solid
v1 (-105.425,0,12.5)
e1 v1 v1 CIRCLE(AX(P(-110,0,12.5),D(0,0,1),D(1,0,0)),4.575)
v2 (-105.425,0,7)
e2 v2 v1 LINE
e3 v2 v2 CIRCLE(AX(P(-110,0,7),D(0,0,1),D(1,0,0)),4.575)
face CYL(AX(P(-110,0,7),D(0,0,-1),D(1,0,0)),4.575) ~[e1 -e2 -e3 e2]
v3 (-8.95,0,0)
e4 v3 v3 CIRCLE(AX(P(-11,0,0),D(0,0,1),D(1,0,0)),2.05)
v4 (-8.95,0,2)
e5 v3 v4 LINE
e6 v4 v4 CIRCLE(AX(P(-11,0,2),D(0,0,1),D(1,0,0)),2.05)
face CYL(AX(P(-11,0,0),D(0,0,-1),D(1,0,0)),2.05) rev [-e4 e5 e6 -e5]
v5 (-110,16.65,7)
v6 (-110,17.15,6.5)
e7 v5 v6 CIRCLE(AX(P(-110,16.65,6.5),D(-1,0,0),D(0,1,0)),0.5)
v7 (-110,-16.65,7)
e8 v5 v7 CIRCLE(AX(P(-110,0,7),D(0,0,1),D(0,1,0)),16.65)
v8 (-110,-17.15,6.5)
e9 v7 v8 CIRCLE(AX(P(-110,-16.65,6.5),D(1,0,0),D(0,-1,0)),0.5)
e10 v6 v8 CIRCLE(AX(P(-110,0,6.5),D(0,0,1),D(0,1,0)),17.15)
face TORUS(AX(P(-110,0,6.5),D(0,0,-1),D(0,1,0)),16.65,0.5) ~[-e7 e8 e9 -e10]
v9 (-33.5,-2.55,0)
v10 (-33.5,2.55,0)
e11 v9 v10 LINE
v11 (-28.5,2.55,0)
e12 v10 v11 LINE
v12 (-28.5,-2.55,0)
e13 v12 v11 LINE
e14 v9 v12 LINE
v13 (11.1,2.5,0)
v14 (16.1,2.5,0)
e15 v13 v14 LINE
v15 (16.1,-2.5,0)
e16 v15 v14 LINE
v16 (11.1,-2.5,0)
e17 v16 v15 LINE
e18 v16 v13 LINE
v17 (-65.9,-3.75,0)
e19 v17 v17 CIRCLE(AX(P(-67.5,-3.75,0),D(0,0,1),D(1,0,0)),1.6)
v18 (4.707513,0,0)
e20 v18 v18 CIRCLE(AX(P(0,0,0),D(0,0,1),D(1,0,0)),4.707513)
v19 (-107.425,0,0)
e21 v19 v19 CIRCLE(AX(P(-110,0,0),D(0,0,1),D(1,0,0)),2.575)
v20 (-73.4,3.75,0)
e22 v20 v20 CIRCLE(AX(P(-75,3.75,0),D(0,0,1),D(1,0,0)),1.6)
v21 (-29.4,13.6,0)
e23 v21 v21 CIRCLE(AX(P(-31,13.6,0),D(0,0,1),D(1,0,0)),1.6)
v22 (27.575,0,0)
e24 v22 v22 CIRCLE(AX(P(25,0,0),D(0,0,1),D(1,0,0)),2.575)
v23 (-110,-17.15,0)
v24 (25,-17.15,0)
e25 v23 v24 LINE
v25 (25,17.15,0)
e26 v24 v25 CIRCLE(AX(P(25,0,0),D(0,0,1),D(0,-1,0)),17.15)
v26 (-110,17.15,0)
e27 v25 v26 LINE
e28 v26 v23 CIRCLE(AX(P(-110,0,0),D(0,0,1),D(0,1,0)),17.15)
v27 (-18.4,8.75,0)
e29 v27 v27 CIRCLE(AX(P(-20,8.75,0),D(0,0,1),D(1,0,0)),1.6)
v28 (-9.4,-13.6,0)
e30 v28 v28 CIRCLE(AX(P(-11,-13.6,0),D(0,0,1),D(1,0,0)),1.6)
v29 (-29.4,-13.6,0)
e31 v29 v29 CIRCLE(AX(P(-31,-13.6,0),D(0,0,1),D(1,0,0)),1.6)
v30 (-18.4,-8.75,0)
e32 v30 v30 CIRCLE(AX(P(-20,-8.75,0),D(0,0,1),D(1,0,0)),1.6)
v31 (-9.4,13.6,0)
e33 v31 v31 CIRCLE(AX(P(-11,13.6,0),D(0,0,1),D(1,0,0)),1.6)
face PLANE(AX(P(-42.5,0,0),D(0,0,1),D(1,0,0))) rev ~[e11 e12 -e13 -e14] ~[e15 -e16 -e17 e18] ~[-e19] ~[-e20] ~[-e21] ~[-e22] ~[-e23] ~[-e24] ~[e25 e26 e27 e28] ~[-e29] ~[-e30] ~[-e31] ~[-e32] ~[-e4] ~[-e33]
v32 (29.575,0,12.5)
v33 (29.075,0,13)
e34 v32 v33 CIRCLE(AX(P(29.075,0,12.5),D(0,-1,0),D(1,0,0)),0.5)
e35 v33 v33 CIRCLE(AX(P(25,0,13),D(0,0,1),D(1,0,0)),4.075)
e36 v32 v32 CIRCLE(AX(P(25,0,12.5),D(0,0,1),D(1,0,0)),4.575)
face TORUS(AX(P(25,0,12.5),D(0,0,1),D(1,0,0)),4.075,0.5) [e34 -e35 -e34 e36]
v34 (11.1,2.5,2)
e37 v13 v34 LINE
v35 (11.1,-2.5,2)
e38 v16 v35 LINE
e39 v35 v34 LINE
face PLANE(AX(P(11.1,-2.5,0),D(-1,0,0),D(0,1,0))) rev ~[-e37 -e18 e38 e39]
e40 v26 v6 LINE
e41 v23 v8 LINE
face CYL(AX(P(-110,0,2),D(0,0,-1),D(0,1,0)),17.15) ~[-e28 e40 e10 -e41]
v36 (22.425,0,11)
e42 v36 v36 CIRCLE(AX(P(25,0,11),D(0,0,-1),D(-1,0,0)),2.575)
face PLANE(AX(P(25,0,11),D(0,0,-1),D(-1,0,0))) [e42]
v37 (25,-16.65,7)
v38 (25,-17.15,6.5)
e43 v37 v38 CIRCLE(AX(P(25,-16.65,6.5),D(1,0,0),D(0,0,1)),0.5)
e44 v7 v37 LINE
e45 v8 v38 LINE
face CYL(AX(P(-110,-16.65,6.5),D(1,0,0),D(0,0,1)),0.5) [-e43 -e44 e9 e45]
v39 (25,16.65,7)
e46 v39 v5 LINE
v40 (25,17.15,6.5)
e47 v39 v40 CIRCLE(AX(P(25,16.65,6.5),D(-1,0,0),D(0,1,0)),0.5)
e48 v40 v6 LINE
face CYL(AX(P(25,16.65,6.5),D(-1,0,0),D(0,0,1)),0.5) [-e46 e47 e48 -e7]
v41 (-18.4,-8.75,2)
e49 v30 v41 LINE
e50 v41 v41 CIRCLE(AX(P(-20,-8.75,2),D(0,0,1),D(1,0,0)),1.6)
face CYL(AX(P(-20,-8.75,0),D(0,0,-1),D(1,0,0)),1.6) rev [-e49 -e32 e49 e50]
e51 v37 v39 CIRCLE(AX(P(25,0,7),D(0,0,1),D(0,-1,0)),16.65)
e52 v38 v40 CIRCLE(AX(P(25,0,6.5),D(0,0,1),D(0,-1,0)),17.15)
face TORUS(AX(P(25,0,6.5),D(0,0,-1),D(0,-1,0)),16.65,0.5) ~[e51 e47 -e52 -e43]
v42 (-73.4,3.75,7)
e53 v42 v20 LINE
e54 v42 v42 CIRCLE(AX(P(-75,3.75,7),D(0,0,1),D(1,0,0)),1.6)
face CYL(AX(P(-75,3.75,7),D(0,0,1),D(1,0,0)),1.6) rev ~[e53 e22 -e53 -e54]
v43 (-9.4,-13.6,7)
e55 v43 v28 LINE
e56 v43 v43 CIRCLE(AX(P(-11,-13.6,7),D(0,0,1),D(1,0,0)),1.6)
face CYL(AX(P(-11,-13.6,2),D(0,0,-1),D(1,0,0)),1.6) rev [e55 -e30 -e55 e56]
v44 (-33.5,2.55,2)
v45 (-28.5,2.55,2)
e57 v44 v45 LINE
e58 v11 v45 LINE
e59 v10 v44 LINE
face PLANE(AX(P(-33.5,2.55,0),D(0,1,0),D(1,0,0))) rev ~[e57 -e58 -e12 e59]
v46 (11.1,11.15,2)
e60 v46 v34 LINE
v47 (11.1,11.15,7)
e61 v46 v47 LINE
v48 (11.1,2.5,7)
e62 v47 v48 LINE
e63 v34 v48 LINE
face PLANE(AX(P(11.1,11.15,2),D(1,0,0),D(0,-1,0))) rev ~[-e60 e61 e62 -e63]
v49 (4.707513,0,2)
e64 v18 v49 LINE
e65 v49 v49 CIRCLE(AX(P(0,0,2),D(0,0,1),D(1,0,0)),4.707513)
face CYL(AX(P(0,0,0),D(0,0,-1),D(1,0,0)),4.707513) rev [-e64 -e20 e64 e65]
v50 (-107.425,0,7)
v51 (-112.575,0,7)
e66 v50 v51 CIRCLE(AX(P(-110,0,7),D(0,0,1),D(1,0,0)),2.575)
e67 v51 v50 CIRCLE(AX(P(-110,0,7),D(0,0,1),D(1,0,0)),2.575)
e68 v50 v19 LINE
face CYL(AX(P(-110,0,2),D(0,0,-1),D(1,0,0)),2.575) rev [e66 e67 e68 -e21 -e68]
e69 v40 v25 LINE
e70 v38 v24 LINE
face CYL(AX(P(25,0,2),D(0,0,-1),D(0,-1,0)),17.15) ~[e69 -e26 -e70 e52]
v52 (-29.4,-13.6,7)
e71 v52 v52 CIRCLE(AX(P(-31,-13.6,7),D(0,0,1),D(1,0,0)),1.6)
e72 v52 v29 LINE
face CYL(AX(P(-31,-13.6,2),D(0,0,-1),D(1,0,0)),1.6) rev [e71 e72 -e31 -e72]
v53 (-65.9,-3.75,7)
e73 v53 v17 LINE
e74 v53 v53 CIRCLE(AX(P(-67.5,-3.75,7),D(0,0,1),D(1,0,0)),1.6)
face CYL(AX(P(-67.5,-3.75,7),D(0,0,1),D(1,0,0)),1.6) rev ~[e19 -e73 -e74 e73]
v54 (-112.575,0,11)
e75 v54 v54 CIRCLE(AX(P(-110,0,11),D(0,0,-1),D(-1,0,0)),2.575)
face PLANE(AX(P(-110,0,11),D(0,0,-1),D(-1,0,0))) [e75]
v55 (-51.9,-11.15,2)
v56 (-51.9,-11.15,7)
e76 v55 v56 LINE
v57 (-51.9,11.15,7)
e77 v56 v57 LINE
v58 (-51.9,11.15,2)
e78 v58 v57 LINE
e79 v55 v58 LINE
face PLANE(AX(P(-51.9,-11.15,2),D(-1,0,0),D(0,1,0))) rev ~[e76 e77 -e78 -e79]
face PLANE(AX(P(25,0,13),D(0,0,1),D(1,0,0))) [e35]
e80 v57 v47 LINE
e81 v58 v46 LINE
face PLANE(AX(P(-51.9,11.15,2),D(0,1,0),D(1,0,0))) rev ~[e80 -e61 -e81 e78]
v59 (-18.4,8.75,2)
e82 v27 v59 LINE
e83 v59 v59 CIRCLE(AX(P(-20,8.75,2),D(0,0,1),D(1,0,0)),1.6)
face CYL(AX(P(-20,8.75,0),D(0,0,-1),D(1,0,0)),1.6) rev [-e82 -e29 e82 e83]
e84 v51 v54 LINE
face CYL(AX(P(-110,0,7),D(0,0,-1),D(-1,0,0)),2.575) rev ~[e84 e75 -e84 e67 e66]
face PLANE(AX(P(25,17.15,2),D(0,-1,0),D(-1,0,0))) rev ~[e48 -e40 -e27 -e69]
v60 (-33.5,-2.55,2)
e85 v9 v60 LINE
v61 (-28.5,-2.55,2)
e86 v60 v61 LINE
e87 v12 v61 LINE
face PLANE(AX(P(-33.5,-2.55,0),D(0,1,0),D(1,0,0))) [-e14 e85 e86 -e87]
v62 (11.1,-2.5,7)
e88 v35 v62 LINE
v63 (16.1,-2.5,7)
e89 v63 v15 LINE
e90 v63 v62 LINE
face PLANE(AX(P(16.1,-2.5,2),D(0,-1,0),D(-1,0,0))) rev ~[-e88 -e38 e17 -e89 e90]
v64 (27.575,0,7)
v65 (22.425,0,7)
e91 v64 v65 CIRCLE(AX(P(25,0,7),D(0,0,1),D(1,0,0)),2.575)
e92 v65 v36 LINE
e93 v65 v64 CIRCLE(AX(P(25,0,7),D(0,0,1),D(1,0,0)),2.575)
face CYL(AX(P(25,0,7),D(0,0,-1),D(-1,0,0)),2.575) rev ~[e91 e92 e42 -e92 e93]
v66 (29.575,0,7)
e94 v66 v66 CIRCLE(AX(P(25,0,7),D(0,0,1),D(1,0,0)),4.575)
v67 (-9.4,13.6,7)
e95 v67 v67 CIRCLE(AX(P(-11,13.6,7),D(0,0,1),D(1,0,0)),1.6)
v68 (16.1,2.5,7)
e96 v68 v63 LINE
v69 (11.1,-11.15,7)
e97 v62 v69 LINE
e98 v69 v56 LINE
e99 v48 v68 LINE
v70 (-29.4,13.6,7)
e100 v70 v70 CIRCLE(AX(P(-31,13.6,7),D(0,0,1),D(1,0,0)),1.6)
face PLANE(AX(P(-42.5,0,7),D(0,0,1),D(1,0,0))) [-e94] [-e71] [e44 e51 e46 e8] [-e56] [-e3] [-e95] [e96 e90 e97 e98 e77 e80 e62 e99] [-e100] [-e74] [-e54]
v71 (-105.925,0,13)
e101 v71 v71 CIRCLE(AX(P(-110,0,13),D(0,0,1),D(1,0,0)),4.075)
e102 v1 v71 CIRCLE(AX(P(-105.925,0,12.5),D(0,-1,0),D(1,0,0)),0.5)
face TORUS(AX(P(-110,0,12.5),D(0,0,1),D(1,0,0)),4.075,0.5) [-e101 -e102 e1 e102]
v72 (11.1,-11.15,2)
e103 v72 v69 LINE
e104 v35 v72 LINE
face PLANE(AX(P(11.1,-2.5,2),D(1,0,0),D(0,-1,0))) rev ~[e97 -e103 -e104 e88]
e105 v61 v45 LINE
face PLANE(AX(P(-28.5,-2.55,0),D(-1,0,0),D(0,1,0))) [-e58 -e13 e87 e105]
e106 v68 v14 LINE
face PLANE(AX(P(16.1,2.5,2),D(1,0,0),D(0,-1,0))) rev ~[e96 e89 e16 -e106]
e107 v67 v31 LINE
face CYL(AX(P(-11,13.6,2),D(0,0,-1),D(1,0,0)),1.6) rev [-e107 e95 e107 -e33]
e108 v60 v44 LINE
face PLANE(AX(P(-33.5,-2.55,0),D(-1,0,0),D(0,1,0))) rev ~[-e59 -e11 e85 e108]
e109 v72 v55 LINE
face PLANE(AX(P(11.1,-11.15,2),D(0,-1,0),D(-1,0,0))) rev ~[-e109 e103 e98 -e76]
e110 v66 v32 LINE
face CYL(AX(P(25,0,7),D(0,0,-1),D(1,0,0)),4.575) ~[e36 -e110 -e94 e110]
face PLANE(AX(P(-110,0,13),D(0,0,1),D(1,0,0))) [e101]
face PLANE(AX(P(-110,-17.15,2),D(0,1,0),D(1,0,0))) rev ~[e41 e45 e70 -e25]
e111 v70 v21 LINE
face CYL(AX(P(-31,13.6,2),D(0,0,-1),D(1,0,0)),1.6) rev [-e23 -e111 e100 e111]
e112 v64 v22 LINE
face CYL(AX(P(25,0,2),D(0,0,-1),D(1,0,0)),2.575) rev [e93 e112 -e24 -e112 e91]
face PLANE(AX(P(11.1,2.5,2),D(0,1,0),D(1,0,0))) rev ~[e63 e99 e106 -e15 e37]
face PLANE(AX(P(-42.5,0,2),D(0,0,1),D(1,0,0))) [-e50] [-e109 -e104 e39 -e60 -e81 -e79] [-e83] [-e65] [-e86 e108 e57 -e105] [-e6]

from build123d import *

# Parameters (mm, degrees)
SKETCH6_R              = 1.6
SKETCH6_R_2            = 2.575
SKETCH6_W              = 5
SKETCH6_H              = 5
SKETCH6_H_2            = 5.1
SKETCH6_R_3            = 2.05
SKETCH6_R_4            = 4.707512696
BOSS_EXTRUDE4_DEPTH    = 2
SKETCH7_R              = 1.6
SKETCH7_R_2            = 2.575
BOSS_EXTRUDE5_DEPTH    = 5
SKETCH8_R              = 1.6
MIDSECTION_HOLES_DEPTH = 8
SKETCH12_R             = 4.575
BOSS_EXTRUDE6_DEPTH    = 6
SKETCH13_R             = 2.575
CUT_EXTRUDE4_DEPTH     = 4
FILLET1_R              = 0.5


with BuildPart() as part:
    # Sketch6 → Boss-Extrude4 (new body)
    with BuildSketch(Plane.XY):
        with BuildLine():
            Line((25, 17.15), (-110, 17.15))
            ThreePointArc((-110, 17.15), (-127.15, 0), (-110, -17.15))
            Line((-110, -17.15), (25, -17.15))
            ThreePointArc((25, -17.15), (42.15, 0), (25, 17.15))
        make_face()
        with Locations((-31, -13.6)):
            Circle(SKETCH6_R, mode=Mode.SUBTRACT)
        with Locations((-11, -13.6)):
            Circle(SKETCH6_R, mode=Mode.SUBTRACT)
        with Locations((-110, 0)):
            Circle(SKETCH6_R_2, mode=Mode.SUBTRACT)
        with Locations((13.6, 0)):
            Rectangle(SKETCH6_W, SKETCH6_H, mode=Mode.SUBTRACT)
        with Locations((25, 0)):
            Circle(SKETCH6_R_2, mode=Mode.SUBTRACT)
        with Locations((-31, 13.6)):
            Circle(SKETCH6_R, mode=Mode.SUBTRACT)
        with Locations((-11, 13.6)):
            Circle(SKETCH6_R, mode=Mode.SUBTRACT)
        with Locations((-31, 0)):
            Rectangle(SKETCH6_W, SKETCH6_H_2, mode=Mode.SUBTRACT)
        with Locations((-11, 0)):
            Circle(SKETCH6_R_3, mode=Mode.SUBTRACT)
        Circle(SKETCH6_R_4, mode=Mode.SUBTRACT)
        with Locations((-20, 8.75)):
            Circle(SKETCH6_R, mode=Mode.SUBTRACT)
        with Locations((-20, -8.75)):
            Circle(SKETCH6_R, mode=Mode.SUBTRACT)
    extrude(amount=BOSS_EXTRUDE4_DEPTH)

    # Sketch7 → Boss-Extrude5 (add)
    with BuildSketch(Plane.XY.offset(2)):
        with BuildLine():
            Line((25, 17.15), (-110, 17.15))
            ThreePointArc((-110, 17.15), (-127.15, 0), (-110, -17.15))
            Line((-110, -17.15), (25, -17.15))
            ThreePointArc((25, -17.15), (42.15, 0), (25, 17.15))
        make_face()
        with Locations((-31, -13.6)):
            Circle(SKETCH7_R, mode=Mode.SUBTRACT)
        with Locations((-11, -13.6)):
            Circle(SKETCH7_R, mode=Mode.SUBTRACT)
        with Locations((-110, 0)):
            Circle(SKETCH7_R_2, mode=Mode.SUBTRACT)
        Polygon((-51.9, -11.15), (-51.9, 11.15), (11.1, 11.15), (11.1, 2.5), (16.1, 2.5), (16.1, -2.5), (11.1, -2.5), (11.1, -11.15), align=None, mode=Mode.SUBTRACT)
        with Locations((25, 0)):
            Circle(SKETCH7_R_2, mode=Mode.SUBTRACT)
        with Locations((-31, 13.6)):
            Circle(SKETCH7_R, mode=Mode.SUBTRACT)
        with Locations((-11, 13.6)):
            Circle(SKETCH7_R, mode=Mode.SUBTRACT)
    extrude(amount=BOSS_EXTRUDE5_DEPTH)

    # Sketch8 → midsection_holes (cut, through all)
    with BuildSketch(Plane.XY.offset(7)):
        with Locations((-75, 3.75)):
            Circle(SKETCH8_R)
        with Locations((-67.5, -3.75)):
            Circle(SKETCH8_R)
    extrude(amount=-MIDSECTION_HOLES_DEPTH, mode=Mode.SUBTRACT)

    # Sketch12 → Boss-Extrude6 (add)
    with BuildSketch(Plane.XY.offset(7)):
        with Locations((-110, 0)):
            Circle(SKETCH12_R)
        with Locations((25, 0)):
            Circle(SKETCH12_R)
    extrude(amount=BOSS_EXTRUDE6_DEPTH)

    # Sketch13 → Cut-Extrude4 (cut)
    with BuildSketch(Plane(origin=(0, 0, 7), x_dir=(-1, 0, 0), z_dir=(0, 0, -1))):
        with Locations((-25, 0)):
            Circle(SKETCH13_R)
        with Locations((110, 0)):
            Circle(SKETCH13_R)
    extrude(amount=-CUT_EXTRUDE4_DEPTH, mode=Mode.SUBTRACT)

    # Fillet1
    fillet1_edges = [part.edges().sort_by_distance(p)[0] for p in [
        (-114.575, 0, 13),
        (20.425, 0, 13),
        (-127.15, 0, 7),
        (-42.5, -17.15, 7),
        (42.15, 0, 7),
        (-42.5, 17.15, 7),
    ]]
    fillet(fillet1_edges, radius=FILLET1_R)


solid = part.part
